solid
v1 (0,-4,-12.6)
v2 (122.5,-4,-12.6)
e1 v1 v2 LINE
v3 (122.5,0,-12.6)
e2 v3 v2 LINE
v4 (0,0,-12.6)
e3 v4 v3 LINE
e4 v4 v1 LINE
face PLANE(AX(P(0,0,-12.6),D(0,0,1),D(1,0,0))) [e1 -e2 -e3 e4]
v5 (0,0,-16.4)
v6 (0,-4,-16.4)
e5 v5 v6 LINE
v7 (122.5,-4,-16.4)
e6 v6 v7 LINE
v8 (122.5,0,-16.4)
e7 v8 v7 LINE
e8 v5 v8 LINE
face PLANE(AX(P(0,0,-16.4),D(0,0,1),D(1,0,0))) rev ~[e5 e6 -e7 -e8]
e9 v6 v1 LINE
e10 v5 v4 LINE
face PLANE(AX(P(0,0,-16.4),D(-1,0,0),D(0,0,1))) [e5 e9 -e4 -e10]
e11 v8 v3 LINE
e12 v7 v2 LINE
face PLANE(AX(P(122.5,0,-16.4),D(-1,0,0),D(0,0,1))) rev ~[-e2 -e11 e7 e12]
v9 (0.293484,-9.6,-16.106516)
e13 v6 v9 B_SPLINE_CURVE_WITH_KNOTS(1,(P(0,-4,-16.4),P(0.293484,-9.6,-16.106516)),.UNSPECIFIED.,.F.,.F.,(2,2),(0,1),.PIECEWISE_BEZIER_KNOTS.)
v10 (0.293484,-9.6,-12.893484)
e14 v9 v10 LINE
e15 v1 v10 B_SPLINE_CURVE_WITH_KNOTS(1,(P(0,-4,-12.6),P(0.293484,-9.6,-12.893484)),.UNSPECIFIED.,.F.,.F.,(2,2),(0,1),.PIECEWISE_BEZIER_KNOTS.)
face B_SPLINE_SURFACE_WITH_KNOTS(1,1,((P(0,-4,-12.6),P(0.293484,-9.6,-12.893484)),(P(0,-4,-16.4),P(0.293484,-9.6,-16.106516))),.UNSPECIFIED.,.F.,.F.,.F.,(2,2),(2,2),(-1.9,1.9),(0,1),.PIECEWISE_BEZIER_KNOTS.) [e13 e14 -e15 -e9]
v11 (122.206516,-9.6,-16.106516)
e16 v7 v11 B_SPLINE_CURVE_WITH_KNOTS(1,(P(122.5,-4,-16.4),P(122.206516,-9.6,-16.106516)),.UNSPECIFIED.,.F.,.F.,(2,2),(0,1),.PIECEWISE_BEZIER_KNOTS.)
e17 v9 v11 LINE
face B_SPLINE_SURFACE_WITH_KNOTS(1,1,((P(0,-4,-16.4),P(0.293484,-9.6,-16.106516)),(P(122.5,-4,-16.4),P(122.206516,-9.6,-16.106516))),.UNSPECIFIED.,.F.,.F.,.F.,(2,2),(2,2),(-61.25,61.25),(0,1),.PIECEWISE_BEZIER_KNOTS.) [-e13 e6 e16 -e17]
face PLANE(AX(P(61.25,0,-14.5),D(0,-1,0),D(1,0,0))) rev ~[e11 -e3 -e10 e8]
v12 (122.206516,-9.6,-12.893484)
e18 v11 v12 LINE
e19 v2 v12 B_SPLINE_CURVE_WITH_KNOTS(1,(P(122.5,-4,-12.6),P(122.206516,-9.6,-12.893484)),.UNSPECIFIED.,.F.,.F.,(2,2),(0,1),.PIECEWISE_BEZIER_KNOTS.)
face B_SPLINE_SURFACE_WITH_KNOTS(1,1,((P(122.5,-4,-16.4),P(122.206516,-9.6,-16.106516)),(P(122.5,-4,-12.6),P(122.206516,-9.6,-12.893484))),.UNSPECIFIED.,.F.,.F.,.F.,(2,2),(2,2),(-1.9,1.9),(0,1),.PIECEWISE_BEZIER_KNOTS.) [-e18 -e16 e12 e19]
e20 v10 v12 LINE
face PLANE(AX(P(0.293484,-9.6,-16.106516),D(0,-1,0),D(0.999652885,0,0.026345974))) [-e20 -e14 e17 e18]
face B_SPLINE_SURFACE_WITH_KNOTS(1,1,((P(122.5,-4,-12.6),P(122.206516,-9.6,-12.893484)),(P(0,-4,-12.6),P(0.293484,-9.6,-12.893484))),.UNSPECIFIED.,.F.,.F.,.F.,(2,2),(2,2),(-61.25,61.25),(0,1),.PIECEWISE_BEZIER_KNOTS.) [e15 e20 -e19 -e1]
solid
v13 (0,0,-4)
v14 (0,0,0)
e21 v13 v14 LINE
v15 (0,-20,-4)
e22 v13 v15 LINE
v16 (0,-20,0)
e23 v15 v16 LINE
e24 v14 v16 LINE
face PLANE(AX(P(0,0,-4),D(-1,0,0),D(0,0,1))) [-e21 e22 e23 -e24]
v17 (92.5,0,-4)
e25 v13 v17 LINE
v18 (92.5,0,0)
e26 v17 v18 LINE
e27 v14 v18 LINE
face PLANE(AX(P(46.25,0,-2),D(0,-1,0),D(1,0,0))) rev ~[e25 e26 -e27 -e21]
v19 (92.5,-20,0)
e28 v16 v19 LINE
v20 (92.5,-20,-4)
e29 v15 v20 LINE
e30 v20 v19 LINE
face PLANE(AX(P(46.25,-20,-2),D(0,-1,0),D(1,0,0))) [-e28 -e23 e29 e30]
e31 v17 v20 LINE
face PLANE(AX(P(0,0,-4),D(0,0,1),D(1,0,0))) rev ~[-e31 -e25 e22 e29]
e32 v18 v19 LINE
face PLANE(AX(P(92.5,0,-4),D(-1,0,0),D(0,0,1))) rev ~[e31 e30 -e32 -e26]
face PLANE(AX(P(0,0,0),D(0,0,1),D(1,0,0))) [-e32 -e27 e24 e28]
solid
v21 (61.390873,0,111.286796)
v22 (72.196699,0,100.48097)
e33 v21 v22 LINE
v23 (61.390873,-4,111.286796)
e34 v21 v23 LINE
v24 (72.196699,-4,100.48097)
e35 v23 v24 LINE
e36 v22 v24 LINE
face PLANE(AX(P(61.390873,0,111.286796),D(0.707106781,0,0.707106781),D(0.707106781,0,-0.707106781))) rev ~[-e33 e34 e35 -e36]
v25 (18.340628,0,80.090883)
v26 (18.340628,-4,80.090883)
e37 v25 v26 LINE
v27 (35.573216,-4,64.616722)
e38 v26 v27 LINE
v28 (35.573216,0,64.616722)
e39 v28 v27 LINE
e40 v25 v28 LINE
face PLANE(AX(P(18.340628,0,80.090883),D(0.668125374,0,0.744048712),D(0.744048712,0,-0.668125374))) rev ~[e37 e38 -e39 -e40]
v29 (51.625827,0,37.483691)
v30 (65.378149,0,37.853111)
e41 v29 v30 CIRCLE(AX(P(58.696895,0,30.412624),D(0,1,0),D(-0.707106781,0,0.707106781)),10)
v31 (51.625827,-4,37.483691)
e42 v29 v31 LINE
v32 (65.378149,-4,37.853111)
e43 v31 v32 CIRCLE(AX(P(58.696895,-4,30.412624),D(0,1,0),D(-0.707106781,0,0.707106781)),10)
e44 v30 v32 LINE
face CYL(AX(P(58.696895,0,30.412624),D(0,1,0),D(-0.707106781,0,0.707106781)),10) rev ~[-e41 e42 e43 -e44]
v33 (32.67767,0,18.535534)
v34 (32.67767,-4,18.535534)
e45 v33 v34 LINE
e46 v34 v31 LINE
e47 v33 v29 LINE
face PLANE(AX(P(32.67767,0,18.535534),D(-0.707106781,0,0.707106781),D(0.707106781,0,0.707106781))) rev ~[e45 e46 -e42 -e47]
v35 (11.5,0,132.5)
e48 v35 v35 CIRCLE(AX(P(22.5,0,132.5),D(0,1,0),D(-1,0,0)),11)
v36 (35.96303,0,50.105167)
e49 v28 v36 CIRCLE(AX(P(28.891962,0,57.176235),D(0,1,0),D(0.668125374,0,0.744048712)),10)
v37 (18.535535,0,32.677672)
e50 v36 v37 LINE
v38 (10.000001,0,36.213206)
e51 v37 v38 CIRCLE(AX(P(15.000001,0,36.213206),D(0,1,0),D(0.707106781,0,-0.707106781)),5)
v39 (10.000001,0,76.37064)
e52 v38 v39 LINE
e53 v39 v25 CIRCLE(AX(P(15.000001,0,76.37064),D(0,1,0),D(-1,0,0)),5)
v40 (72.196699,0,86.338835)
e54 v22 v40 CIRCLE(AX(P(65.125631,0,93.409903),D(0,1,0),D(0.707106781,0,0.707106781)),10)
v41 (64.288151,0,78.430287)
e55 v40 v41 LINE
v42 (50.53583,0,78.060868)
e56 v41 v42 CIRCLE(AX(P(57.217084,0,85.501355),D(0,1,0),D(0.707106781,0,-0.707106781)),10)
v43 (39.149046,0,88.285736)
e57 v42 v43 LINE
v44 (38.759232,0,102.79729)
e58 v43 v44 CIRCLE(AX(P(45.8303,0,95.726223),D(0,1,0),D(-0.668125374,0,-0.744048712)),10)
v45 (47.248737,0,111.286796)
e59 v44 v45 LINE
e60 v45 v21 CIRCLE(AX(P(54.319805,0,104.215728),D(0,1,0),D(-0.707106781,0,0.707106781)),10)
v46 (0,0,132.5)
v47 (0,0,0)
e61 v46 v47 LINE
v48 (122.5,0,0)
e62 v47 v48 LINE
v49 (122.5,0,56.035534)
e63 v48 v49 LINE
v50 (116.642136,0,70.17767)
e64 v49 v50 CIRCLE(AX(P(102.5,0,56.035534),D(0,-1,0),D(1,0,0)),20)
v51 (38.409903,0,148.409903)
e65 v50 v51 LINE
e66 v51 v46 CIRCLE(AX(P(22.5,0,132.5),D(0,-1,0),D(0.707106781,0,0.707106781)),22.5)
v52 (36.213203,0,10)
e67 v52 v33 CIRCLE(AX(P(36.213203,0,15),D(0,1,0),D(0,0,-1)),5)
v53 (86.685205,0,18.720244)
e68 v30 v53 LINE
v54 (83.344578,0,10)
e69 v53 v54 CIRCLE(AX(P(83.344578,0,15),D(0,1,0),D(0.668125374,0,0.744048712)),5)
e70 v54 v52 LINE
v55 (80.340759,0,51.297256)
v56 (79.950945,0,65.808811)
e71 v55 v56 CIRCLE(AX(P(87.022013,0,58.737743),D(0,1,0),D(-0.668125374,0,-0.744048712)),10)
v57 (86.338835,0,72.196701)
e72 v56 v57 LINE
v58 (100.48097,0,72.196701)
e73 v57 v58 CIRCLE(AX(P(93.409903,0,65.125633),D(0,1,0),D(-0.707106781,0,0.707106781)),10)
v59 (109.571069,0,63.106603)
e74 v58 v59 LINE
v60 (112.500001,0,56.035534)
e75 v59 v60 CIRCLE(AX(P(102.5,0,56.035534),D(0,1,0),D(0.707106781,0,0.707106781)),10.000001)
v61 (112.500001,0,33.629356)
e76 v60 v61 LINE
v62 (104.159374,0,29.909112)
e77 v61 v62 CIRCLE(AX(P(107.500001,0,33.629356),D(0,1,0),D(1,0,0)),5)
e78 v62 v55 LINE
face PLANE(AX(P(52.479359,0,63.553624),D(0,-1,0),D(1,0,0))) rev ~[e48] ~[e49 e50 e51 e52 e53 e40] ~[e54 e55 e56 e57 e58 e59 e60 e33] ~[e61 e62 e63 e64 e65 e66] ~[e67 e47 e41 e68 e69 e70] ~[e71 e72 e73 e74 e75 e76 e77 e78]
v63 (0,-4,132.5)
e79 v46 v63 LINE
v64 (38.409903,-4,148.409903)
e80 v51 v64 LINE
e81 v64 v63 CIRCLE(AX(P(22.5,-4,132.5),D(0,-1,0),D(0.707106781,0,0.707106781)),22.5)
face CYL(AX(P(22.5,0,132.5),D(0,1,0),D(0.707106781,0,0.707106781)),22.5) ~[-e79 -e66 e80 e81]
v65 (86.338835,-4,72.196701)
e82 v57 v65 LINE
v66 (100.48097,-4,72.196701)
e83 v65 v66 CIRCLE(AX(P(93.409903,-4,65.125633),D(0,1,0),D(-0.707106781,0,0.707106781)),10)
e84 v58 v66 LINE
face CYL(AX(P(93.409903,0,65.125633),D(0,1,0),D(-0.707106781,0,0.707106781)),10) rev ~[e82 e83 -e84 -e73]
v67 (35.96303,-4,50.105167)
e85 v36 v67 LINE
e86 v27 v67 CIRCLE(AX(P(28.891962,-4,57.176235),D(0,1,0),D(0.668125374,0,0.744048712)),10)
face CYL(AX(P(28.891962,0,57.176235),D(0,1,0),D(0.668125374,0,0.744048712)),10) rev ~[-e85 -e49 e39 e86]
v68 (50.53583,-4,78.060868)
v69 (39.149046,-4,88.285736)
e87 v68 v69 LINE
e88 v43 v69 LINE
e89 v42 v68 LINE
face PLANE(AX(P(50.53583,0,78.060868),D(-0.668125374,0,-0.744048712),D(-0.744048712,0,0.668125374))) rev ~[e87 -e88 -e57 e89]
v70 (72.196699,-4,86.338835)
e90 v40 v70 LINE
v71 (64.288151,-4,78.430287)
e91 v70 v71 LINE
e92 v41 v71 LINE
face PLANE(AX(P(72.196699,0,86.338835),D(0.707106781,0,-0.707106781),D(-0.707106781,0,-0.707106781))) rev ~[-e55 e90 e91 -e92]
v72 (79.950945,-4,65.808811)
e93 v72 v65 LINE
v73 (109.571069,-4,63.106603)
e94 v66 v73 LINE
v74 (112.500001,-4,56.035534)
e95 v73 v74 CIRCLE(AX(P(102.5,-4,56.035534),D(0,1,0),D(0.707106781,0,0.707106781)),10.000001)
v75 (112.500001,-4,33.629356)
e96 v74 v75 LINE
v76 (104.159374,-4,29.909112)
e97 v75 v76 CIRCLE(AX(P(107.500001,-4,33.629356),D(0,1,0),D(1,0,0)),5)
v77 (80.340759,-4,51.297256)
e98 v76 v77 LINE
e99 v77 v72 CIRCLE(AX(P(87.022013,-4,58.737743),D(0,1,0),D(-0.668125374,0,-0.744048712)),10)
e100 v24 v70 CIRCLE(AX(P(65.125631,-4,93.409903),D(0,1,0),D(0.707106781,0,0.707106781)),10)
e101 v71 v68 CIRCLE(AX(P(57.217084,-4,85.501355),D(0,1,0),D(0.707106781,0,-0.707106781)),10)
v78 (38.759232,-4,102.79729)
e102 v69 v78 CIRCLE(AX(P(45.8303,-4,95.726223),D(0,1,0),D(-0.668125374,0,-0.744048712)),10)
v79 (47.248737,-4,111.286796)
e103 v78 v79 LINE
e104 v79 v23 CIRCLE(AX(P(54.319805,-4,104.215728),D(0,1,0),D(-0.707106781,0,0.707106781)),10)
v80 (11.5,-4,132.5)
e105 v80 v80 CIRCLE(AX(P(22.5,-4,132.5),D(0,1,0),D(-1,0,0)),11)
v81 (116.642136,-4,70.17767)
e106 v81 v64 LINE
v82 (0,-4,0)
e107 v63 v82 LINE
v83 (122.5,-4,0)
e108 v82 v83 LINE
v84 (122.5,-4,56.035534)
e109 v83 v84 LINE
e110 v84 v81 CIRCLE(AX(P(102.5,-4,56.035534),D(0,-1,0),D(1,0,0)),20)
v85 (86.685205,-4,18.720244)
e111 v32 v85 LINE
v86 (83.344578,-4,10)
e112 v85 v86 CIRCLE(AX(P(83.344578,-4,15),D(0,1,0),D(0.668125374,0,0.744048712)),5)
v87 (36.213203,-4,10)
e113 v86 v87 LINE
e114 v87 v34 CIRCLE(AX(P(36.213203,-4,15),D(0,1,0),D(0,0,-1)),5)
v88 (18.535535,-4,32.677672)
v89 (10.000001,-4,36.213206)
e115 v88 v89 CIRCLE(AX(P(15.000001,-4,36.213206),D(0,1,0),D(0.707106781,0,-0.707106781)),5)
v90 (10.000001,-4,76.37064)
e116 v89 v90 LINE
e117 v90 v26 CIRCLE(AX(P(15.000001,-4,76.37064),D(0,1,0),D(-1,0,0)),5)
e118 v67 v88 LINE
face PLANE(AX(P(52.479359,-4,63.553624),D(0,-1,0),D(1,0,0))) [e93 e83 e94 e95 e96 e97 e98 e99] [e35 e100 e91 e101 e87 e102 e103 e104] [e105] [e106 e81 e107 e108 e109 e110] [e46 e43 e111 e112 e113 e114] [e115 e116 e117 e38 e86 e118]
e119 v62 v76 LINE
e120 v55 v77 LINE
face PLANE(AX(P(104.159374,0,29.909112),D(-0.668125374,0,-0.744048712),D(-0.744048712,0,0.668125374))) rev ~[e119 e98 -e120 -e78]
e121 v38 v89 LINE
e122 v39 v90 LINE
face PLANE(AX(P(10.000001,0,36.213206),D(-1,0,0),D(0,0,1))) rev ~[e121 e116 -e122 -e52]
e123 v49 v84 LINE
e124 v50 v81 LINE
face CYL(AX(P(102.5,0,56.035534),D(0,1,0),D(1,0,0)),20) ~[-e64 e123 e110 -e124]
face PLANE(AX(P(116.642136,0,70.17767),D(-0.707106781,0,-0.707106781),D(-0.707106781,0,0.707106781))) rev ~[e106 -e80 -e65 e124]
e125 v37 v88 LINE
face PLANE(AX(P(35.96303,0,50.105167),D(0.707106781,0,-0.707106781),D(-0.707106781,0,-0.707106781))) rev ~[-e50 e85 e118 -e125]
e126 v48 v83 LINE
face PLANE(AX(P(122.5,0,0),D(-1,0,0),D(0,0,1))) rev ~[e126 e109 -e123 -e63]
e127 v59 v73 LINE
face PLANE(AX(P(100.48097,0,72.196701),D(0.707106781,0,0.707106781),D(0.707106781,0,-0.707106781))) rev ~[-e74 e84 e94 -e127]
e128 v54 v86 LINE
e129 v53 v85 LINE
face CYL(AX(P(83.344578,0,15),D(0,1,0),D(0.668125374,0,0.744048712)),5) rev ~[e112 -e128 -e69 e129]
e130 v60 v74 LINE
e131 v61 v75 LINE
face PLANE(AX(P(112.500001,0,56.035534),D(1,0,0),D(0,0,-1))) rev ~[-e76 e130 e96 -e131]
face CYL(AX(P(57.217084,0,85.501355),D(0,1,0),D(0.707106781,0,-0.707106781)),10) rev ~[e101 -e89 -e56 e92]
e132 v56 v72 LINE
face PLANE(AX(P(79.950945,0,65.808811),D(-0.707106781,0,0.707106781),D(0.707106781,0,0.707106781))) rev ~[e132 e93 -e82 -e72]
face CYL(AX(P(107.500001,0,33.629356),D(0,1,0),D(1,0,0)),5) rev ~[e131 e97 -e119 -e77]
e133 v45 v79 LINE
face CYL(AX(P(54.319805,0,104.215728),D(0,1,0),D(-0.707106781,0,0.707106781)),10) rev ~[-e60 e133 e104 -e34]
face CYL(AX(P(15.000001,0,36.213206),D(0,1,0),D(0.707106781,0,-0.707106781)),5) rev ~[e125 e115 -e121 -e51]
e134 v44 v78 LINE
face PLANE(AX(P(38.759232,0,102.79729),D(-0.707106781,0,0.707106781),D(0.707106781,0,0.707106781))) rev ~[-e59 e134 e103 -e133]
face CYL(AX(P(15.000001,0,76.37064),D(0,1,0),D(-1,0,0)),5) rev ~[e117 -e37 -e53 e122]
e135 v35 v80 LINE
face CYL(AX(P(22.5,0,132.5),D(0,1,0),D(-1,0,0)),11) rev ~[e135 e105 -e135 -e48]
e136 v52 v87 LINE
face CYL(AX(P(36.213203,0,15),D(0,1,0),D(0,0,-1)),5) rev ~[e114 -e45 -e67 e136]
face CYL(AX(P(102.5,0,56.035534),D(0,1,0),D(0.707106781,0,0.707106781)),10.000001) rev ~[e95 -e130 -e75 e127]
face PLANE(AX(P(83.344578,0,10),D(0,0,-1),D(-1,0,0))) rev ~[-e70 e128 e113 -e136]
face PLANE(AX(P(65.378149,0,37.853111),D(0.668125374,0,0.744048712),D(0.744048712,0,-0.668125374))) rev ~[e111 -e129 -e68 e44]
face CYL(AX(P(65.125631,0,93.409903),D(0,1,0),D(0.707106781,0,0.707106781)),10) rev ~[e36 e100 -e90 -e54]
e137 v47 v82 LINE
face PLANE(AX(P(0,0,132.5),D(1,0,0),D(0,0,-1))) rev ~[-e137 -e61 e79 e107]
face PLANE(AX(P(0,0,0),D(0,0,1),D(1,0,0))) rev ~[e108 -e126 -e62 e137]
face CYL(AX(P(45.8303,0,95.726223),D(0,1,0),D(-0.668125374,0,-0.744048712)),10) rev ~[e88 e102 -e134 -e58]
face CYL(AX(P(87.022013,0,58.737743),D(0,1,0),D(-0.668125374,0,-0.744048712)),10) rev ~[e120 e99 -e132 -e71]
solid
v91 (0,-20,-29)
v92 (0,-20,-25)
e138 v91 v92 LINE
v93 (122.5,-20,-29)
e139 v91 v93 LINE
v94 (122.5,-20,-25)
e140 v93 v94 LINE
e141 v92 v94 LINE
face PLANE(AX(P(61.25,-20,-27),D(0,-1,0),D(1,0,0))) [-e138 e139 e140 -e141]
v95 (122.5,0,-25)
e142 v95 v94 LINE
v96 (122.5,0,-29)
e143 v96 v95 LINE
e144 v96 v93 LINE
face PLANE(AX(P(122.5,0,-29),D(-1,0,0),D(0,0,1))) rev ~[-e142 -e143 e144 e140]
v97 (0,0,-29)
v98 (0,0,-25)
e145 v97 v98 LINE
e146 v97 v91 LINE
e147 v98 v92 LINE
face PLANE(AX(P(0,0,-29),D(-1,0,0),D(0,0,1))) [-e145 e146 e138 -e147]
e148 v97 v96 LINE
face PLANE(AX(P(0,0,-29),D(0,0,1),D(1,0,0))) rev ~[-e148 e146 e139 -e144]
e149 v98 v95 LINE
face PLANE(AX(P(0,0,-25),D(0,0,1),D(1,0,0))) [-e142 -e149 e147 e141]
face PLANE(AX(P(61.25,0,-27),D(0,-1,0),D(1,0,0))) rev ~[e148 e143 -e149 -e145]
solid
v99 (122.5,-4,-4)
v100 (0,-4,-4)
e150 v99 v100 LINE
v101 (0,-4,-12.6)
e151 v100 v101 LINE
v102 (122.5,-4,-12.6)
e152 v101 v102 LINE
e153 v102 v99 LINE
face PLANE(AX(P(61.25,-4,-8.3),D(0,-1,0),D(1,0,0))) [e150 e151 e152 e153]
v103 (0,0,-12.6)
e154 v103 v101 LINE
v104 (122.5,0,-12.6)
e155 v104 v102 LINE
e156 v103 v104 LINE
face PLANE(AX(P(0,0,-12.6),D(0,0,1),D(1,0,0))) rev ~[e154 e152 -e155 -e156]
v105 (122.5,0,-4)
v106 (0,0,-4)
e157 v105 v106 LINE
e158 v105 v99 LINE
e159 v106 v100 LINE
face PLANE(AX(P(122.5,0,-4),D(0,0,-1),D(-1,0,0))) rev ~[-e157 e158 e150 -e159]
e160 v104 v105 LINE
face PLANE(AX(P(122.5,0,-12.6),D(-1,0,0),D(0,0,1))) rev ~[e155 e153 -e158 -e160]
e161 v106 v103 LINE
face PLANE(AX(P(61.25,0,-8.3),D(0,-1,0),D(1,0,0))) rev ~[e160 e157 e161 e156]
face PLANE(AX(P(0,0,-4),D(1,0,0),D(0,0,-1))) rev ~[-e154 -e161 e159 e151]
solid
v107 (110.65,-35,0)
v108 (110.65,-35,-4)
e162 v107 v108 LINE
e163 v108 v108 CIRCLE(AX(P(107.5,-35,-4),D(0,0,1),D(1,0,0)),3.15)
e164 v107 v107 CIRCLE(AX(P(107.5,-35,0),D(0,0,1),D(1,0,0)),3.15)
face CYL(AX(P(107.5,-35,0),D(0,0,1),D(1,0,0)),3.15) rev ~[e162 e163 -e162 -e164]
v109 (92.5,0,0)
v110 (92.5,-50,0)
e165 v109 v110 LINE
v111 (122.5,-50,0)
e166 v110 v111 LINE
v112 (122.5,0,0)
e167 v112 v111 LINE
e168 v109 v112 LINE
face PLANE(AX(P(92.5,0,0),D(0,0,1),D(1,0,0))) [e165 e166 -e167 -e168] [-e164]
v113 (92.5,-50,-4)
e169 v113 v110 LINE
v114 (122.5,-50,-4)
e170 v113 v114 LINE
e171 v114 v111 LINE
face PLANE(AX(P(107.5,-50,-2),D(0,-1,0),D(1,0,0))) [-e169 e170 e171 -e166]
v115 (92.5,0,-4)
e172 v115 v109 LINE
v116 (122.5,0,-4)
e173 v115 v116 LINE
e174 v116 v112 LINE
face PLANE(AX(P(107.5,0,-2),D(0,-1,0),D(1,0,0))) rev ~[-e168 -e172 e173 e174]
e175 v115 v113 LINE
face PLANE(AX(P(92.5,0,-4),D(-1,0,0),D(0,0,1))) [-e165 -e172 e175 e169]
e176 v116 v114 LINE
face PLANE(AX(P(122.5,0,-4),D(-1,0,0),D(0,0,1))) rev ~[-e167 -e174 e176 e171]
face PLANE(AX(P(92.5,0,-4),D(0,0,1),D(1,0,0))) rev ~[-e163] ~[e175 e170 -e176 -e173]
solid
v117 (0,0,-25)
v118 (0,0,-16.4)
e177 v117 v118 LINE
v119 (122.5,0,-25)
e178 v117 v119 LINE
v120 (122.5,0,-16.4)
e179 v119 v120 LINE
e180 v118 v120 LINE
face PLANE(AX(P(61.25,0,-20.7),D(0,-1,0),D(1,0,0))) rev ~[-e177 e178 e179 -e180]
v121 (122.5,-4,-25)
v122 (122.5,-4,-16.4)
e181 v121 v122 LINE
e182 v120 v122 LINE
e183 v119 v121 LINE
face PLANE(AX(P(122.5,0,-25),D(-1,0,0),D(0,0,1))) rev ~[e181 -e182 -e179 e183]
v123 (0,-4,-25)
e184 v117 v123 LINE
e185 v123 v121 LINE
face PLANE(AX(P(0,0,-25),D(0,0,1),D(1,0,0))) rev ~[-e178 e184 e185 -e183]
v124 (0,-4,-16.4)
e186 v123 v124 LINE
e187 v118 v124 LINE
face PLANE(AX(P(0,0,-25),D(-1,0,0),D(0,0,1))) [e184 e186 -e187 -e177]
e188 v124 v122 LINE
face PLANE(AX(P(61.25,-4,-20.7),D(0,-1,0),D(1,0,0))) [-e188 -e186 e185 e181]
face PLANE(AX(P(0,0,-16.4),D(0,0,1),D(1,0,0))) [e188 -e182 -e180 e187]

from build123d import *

# Parameters (mm, degrees)
F1_DEPTH  = 4
F0_W      = 122.5
F0_H      = 8.6
F0_W_2    = 92.5
F0_H_2    = 4
F2_DEPTH  = 20
F0_W_3    = 30
F3_DEPTH  = 50
F0_H_3    = 3.8
F4_DEPTH  = 4
F5_R      = 3.15
F6_DEPTH  = 40
F4_FACE_W = 122.5
F4_FACE_H = 3.8
F7_DEPTH  = 5.6
F7_TAPER  = 3


with BuildPart() as f1:
    # F0 (on Front) → F1 (new body)
    with BuildSketch(Plane.XZ):
        with BuildLine():
            Line((0, 110), (0, 0))
            Line((0, 0), (92.5, 0))
            Line((92.5, 0), (122.5, 0))
            Line((122.5, 0), (122.5, 56.0355339059))
            ThreePointArc((122.5, 56.0355339059), (120.9775906502, 63.6892025532), (116.6421356237, 70.1776695297))
            Line((116.6421356237, 70.1776695297), (93.4099025767, 93.4099025767))
            Line((93.4099025767, 93.4099025767), (54.3198051534, 132.5))
            Line((54.3198051534, 132.5), (38.4099025767, 148.4099025767))
            ThreePointArc((38.4099025767, 148.4099025767), (13.8896227718, 153.2872894815), (0, 132.5))
            Line((0, 132.5), (0, 110))
        make_face()
        with BuildLine():
            ThreePointArc((35.5732162015, 64.6167222252), (38.8883564947, 57.4447614751), (35.9630302772, 50.105167298))
            Line((35.9630302772, 50.105167298), (18.5355348938, 32.6776719147))
            ThreePointArc((18.5355348938, 32.6776719147), (13.0865838261, 31.593808158), (10.0000009879, 36.2132058206))
            Line((10.0000009879, 36.2132058206), (10.0000009879, 76.3706396309))
            ThreePointArc((10.0000009879, 76.3706396309), (12.9632307923, 80.9369912566), (18.340627856, 80.0908831885))
            Line((18.340627856, 80.0908831885), (35.5732162015, 64.6167222252))
        make_face(mode=Mode.SUBTRACT)
        with BuildLine():
            ThreePointArc((51.6258270811, 37.4836914573), (58.4283685277, 40.4090176749), (65.3781486291, 37.8531107608))
            Line((65.3781486291, 37.8531107608), (86.6852052871, 18.7202435576))
            ThreePointArc((86.6852052871, 18.7202435576), (88.013690636, 13.2113158172), (83.3445784191, 10))
            Line((83.3445784191, 10), (36.2132034356, 10))
            ThreePointArc((36.2132034356, 10), (31.593805773, 13.0865828382), (32.6776695297, 18.5355339059))
            Line((32.6776695297, 18.5355339059), (51.6258270811, 37.4836914573))
        make_face(mode=Mode.SUBTRACT)
        with BuildLine():
            Line((112.5000011414, 56.0355339059), (112.5000011414, 33.6293555954))
            ThreePointArc((112.5000011414, 33.6293555954), (109.536771337, 29.0630039696), (104.1593742733, 29.9091120378))
            Line((104.1593742733, 29.9091120378), (80.3407591987, 51.2972561863))
            ThreePointArc((80.3407591987, 51.2972561863), (77.0256189055, 58.4692169364), (79.9509451231, 65.8088111135))
            Line((79.9509451231, 65.8088111135), (86.3388347648, 72.1967007552))
            ThreePointArc((86.3388347648, 72.1967007552), (93.4099025767, 75.1256329434), (100.4809703886, 72.1967007552))
            Line((100.4809703886, 72.1967007552), (109.5710686189, 63.1066025249))
            ThreePointArc((109.5710686189, 63.1066025249), (111.7387963796, 59.8623686664), (112.5000011414, 56.0355339059))
        make_face(mode=Mode.SUBTRACT)
        with BuildLine():
            Line((72.1966986753, 86.3388347648), (64.2881514014, 78.4302874909))
            ThreePointArc((64.2881514014, 78.4302874909), (57.4856099548, 75.5049612734), (50.5358298533, 78.0608681875))
            Line((50.5358298533, 78.0608681875), (39.1490457718, 88.285735526))
            ThreePointArc((39.1490457718, 88.285735526), (35.8339054785, 95.457696276), (38.7592316961, 102.7972904532))
            Line((38.7592316961, 102.7972904532), (47.2487373415, 111.2867960986))
            ThreePointArc((47.2487373415, 111.2867960986), (54.3198051534, 114.2157282867), (61.3908729653, 111.2867960986))
            Line((61.3908729653, 111.2867960986), (72.1966986753, 100.4809703886))
            ThreePointArc((72.1966986753, 100.4809703886), (75.1256308634, 93.4099025767), (72.1966986753, 86.3388347648))
        make_face(mode=Mode.SUBTRACT)
        with BuildLine():
            ThreePointArc((33.5, 132.5), (22.5, 121.5), (11.5, 132.5))
            ThreePointArc((11.5, 132.5), (22.5, 143.5), (33.5, 132.5))
        make_face(mode=Mode.SUBTRACT)
    extrude(amount=F1_DEPTH)


with BuildPart() as f1b:
    # F0 (on Front) → F1, piece 2 (new body)
    with BuildSketch(Plane.XZ):
        Polygon((92.5, -4), (0, -4), (0, -12.6), (122.5, -12.6), (122.5, -4), align=None)
    extrude(amount=F1_DEPTH)


with BuildPart() as f1c:
    # F0 (on Front) → F1, piece 3 (new body)
    with BuildSketch(Plane.XZ):
        with Locations((61.25, -20.7)):
            Rectangle(F0_W, F0_H)
    extrude(amount=F1_DEPTH)


with BuildPart() as f2:
    # F0 (on Front) → F2 (new body)
    with BuildSketch(Plane.XZ):
        with Locations((46.25, -2)):
            Rectangle(F0_W_2, F0_H_2)
    extrude(amount=F2_DEPTH)


with BuildPart() as f2b:
    # F0 (on Front) → F2, piece 2 (new body)
    with BuildSketch(Plane.XZ):
        with Locations((61.25, -27)):
            Rectangle(F0_W, F0_H_2)
    extrude(amount=F2_DEPTH)


with BuildPart() as f3:
    # F0 (on Front) → F3 (new body)
    with BuildSketch(Plane.XZ):
        with Locations((107.5, -2)):
            Rectangle(F0_W_3, F0_H_2)
    extrude(amount=F3_DEPTH)

    # F5 (on face) → F6 (cut)
    with BuildSketch(Plane.XY):
        with Locations((107.5, -35)):
            Circle(F5_R)
    extrude(amount=-F6_DEPTH, mode=Mode.SUBTRACT)


with BuildPart() as f4:
    # F0 (on Front) → F4 (new body)
    with BuildSketch(Plane.XZ):
        with Locations((61.25, -14.5)):
            Rectangle(F0_W, F0_H_3)
    extrude(amount=F4_DEPTH)

    # F4_face (on face) → F7 (join)
    with BuildSketch(Plane(origin=(61.25, -4, -14.5), x_dir=(1, 0, 0), z_dir=(0, -1, 0))):
        Rectangle(F4_FACE_W, F4_FACE_H)
    extrude(amount=F7_DEPTH, taper=F7_TAPER)


solid = Compound([f1.part, f1b.part, f1c.part, f2.part, f2b.part, f3.part, f4.part])
